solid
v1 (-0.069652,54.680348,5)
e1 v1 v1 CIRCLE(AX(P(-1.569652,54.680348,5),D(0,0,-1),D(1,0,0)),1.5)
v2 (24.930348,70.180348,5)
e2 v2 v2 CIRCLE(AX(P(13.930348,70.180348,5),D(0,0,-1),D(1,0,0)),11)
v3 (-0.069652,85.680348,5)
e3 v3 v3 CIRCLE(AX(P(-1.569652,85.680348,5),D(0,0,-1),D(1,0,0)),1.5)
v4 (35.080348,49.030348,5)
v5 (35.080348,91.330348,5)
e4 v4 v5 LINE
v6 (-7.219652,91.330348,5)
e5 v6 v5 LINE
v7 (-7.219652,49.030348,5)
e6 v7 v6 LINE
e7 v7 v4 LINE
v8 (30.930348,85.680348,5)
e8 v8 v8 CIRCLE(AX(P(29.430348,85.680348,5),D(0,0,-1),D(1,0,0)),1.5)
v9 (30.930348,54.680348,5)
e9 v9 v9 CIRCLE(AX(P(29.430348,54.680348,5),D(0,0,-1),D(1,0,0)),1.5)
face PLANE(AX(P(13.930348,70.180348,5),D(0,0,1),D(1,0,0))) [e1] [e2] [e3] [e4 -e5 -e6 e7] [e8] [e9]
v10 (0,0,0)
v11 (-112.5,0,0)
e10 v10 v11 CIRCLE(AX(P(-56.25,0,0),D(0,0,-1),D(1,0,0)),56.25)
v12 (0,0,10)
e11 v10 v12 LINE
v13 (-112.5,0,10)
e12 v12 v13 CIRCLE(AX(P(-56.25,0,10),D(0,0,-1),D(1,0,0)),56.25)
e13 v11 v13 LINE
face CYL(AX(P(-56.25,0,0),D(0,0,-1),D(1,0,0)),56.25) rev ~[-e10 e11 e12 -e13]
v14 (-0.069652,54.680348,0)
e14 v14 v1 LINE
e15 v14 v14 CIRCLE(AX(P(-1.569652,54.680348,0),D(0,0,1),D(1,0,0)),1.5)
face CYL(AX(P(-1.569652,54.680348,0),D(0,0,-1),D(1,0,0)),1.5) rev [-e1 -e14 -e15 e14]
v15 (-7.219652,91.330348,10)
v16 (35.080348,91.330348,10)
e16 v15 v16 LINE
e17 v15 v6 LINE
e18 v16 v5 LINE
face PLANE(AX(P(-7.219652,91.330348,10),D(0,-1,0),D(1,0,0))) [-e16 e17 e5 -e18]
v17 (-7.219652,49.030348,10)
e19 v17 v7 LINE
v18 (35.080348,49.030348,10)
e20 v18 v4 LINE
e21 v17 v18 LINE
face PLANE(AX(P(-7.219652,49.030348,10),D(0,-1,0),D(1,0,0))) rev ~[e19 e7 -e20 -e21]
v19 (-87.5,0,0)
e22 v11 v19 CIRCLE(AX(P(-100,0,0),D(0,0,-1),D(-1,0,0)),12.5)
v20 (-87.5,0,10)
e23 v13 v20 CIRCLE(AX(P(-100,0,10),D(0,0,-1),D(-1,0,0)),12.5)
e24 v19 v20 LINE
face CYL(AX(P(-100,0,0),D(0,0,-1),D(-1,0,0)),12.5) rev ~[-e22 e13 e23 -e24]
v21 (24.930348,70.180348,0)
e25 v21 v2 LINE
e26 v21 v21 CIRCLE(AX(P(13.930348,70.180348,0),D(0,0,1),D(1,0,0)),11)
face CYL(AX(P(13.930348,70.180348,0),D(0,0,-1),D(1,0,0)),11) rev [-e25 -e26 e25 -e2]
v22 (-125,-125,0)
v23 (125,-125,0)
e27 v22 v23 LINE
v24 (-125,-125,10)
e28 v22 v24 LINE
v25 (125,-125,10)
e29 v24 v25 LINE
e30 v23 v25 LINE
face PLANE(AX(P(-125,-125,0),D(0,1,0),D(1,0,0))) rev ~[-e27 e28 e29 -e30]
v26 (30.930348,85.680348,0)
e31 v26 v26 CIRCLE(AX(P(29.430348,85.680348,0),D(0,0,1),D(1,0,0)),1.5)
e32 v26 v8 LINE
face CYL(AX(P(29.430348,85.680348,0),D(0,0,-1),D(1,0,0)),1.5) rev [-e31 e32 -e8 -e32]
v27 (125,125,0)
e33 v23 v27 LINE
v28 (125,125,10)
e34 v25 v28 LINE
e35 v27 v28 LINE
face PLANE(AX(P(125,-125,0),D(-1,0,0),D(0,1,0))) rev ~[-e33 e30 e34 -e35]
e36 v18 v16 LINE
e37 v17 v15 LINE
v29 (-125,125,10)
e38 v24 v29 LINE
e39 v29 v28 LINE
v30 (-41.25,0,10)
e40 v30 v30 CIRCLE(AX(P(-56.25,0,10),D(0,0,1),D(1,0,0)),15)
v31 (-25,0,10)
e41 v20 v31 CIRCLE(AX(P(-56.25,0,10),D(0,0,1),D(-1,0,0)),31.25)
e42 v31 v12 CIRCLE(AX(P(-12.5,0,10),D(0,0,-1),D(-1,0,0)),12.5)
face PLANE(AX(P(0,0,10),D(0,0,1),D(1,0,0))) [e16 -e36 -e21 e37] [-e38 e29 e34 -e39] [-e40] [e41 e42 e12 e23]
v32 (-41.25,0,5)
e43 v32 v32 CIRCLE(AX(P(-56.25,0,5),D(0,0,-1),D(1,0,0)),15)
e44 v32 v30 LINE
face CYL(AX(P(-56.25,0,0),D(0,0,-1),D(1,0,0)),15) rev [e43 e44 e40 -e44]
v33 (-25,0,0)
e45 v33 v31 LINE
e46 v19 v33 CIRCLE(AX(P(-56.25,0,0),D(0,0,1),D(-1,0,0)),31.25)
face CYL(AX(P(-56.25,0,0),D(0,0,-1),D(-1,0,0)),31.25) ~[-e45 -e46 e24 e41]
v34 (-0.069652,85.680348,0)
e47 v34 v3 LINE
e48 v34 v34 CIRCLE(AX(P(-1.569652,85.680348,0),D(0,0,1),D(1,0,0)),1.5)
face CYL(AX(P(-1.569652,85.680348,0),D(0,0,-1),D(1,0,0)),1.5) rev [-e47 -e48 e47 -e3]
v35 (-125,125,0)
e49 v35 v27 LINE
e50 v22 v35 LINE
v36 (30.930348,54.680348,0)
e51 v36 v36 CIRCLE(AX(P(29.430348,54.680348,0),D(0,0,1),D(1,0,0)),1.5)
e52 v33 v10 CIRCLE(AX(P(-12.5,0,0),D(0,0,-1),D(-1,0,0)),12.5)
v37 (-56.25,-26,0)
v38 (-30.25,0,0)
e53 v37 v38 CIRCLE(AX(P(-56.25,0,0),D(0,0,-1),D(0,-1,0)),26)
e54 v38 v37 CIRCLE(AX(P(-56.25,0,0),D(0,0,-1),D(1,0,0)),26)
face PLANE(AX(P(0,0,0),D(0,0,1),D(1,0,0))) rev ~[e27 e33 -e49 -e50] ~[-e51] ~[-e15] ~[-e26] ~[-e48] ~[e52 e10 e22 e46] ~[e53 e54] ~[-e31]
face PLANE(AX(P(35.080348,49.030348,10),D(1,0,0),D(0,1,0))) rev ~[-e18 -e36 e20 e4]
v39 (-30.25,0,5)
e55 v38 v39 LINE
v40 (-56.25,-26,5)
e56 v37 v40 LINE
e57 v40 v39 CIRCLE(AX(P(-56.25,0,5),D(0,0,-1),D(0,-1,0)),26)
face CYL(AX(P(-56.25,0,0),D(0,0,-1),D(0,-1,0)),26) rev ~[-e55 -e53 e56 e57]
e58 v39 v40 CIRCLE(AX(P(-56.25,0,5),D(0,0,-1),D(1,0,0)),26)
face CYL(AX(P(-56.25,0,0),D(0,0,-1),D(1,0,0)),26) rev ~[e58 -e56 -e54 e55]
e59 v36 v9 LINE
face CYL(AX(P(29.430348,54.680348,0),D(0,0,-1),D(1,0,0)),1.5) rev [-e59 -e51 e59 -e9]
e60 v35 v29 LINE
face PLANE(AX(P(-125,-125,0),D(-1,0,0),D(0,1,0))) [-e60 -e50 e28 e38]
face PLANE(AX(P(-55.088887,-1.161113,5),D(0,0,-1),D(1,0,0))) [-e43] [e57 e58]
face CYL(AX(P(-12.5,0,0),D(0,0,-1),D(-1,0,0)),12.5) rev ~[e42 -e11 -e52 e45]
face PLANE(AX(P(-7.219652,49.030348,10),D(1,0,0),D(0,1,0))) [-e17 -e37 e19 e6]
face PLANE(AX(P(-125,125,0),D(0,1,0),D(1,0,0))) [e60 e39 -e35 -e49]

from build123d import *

# Parameters (mm, degrees)
F0_W     = 250
F0_H     = 250
F0_R     = 15
F0_R_2   = 1.5
F0_R_3   = 11
F1_DEPTH = 10
F3_W     = 42.3
F3_H     = 42.3
F4_DEPTH = 5
F5_DEPTH = 5


with BuildPart() as f1:
    # F0 (on Top) → F1 (new body)
    with BuildSketch(Plane.XY):
        Rectangle(F0_W, F0_H)
        with BuildLine():
            ThreePointArc((0, 0), (-56.25, -56.25), (-112.5, 0))
            ThreePointArc((-112.5, 0), (-100, 12.5), (-87.5, 0))
            ThreePointArc((-87.5, 0), (-56.25, -31.25), (-25, 0))
            ThreePointArc((-25, 0), (-12.5, 12.5), (0, 0))
        make_face(mode=Mode.SUBTRACT)
        with Locations((-56.25, 0)):
            Circle(F0_R, mode=Mode.SUBTRACT)
        with Locations((-1.5696519672, 54.6803480328)):
            Circle(F0_R_2, mode=Mode.SUBTRACT)
        with Locations((-1.5696519672, 85.6803480328)):
            Circle(F0_R_2, mode=Mode.SUBTRACT)
        with Locations((29.4303480328, 54.6803480328)):
            Circle(F0_R_2, mode=Mode.SUBTRACT)
        with Locations((13.9303480328, 70.1803480328)):
            Circle(F0_R_3, mode=Mode.SUBTRACT)
        with Locations((29.4303480328, 85.6803480328)):
            Circle(F0_R_2, mode=Mode.SUBTRACT)
    extrude(amount=F1_DEPTH)

    # F3 (on face) → F4 (cut)
    with BuildSketch(Plane.XY.offset(10)):
        with Locations((13.9303480328, 70.1803480328)):
            Rectangle(F3_W, F3_H)
    extrude(amount=-F4_DEPTH, mode=Mode.SUBTRACT)

    # F2 (on face) → F5 (cut)
    with BuildSketch(Plane(origin=(0, 0, 0), x_dir=(1, 0, 0), z_dir=(0, 0, -1))):
        with BuildLine():
            ThreePointArc((-30.25, 0), (-37.8652236891, 18.3847763109), (-56.25, 26))
            ThreePointArc((-56.25, 26), (-74.6347763109, -18.3847763109), (-30.25, 0))
        make_face()
        with BuildLine():
            ThreePointArc((-41.25, 0), (-66.8566017178, -10.6066017178), (-56.25, 15))
            ThreePointArc((-56.25, 15), (-45.6433982822, 10.6066017178), (-41.25, 0))
        make_face(mode=Mode.SUBTRACT)
    extrude(amount=-F5_DEPTH, mode=Mode.SUBTRACT)


with BuildPart() as f6_1:
    # F6: copy of F1
    add(f1.part)


solid = f1.part
